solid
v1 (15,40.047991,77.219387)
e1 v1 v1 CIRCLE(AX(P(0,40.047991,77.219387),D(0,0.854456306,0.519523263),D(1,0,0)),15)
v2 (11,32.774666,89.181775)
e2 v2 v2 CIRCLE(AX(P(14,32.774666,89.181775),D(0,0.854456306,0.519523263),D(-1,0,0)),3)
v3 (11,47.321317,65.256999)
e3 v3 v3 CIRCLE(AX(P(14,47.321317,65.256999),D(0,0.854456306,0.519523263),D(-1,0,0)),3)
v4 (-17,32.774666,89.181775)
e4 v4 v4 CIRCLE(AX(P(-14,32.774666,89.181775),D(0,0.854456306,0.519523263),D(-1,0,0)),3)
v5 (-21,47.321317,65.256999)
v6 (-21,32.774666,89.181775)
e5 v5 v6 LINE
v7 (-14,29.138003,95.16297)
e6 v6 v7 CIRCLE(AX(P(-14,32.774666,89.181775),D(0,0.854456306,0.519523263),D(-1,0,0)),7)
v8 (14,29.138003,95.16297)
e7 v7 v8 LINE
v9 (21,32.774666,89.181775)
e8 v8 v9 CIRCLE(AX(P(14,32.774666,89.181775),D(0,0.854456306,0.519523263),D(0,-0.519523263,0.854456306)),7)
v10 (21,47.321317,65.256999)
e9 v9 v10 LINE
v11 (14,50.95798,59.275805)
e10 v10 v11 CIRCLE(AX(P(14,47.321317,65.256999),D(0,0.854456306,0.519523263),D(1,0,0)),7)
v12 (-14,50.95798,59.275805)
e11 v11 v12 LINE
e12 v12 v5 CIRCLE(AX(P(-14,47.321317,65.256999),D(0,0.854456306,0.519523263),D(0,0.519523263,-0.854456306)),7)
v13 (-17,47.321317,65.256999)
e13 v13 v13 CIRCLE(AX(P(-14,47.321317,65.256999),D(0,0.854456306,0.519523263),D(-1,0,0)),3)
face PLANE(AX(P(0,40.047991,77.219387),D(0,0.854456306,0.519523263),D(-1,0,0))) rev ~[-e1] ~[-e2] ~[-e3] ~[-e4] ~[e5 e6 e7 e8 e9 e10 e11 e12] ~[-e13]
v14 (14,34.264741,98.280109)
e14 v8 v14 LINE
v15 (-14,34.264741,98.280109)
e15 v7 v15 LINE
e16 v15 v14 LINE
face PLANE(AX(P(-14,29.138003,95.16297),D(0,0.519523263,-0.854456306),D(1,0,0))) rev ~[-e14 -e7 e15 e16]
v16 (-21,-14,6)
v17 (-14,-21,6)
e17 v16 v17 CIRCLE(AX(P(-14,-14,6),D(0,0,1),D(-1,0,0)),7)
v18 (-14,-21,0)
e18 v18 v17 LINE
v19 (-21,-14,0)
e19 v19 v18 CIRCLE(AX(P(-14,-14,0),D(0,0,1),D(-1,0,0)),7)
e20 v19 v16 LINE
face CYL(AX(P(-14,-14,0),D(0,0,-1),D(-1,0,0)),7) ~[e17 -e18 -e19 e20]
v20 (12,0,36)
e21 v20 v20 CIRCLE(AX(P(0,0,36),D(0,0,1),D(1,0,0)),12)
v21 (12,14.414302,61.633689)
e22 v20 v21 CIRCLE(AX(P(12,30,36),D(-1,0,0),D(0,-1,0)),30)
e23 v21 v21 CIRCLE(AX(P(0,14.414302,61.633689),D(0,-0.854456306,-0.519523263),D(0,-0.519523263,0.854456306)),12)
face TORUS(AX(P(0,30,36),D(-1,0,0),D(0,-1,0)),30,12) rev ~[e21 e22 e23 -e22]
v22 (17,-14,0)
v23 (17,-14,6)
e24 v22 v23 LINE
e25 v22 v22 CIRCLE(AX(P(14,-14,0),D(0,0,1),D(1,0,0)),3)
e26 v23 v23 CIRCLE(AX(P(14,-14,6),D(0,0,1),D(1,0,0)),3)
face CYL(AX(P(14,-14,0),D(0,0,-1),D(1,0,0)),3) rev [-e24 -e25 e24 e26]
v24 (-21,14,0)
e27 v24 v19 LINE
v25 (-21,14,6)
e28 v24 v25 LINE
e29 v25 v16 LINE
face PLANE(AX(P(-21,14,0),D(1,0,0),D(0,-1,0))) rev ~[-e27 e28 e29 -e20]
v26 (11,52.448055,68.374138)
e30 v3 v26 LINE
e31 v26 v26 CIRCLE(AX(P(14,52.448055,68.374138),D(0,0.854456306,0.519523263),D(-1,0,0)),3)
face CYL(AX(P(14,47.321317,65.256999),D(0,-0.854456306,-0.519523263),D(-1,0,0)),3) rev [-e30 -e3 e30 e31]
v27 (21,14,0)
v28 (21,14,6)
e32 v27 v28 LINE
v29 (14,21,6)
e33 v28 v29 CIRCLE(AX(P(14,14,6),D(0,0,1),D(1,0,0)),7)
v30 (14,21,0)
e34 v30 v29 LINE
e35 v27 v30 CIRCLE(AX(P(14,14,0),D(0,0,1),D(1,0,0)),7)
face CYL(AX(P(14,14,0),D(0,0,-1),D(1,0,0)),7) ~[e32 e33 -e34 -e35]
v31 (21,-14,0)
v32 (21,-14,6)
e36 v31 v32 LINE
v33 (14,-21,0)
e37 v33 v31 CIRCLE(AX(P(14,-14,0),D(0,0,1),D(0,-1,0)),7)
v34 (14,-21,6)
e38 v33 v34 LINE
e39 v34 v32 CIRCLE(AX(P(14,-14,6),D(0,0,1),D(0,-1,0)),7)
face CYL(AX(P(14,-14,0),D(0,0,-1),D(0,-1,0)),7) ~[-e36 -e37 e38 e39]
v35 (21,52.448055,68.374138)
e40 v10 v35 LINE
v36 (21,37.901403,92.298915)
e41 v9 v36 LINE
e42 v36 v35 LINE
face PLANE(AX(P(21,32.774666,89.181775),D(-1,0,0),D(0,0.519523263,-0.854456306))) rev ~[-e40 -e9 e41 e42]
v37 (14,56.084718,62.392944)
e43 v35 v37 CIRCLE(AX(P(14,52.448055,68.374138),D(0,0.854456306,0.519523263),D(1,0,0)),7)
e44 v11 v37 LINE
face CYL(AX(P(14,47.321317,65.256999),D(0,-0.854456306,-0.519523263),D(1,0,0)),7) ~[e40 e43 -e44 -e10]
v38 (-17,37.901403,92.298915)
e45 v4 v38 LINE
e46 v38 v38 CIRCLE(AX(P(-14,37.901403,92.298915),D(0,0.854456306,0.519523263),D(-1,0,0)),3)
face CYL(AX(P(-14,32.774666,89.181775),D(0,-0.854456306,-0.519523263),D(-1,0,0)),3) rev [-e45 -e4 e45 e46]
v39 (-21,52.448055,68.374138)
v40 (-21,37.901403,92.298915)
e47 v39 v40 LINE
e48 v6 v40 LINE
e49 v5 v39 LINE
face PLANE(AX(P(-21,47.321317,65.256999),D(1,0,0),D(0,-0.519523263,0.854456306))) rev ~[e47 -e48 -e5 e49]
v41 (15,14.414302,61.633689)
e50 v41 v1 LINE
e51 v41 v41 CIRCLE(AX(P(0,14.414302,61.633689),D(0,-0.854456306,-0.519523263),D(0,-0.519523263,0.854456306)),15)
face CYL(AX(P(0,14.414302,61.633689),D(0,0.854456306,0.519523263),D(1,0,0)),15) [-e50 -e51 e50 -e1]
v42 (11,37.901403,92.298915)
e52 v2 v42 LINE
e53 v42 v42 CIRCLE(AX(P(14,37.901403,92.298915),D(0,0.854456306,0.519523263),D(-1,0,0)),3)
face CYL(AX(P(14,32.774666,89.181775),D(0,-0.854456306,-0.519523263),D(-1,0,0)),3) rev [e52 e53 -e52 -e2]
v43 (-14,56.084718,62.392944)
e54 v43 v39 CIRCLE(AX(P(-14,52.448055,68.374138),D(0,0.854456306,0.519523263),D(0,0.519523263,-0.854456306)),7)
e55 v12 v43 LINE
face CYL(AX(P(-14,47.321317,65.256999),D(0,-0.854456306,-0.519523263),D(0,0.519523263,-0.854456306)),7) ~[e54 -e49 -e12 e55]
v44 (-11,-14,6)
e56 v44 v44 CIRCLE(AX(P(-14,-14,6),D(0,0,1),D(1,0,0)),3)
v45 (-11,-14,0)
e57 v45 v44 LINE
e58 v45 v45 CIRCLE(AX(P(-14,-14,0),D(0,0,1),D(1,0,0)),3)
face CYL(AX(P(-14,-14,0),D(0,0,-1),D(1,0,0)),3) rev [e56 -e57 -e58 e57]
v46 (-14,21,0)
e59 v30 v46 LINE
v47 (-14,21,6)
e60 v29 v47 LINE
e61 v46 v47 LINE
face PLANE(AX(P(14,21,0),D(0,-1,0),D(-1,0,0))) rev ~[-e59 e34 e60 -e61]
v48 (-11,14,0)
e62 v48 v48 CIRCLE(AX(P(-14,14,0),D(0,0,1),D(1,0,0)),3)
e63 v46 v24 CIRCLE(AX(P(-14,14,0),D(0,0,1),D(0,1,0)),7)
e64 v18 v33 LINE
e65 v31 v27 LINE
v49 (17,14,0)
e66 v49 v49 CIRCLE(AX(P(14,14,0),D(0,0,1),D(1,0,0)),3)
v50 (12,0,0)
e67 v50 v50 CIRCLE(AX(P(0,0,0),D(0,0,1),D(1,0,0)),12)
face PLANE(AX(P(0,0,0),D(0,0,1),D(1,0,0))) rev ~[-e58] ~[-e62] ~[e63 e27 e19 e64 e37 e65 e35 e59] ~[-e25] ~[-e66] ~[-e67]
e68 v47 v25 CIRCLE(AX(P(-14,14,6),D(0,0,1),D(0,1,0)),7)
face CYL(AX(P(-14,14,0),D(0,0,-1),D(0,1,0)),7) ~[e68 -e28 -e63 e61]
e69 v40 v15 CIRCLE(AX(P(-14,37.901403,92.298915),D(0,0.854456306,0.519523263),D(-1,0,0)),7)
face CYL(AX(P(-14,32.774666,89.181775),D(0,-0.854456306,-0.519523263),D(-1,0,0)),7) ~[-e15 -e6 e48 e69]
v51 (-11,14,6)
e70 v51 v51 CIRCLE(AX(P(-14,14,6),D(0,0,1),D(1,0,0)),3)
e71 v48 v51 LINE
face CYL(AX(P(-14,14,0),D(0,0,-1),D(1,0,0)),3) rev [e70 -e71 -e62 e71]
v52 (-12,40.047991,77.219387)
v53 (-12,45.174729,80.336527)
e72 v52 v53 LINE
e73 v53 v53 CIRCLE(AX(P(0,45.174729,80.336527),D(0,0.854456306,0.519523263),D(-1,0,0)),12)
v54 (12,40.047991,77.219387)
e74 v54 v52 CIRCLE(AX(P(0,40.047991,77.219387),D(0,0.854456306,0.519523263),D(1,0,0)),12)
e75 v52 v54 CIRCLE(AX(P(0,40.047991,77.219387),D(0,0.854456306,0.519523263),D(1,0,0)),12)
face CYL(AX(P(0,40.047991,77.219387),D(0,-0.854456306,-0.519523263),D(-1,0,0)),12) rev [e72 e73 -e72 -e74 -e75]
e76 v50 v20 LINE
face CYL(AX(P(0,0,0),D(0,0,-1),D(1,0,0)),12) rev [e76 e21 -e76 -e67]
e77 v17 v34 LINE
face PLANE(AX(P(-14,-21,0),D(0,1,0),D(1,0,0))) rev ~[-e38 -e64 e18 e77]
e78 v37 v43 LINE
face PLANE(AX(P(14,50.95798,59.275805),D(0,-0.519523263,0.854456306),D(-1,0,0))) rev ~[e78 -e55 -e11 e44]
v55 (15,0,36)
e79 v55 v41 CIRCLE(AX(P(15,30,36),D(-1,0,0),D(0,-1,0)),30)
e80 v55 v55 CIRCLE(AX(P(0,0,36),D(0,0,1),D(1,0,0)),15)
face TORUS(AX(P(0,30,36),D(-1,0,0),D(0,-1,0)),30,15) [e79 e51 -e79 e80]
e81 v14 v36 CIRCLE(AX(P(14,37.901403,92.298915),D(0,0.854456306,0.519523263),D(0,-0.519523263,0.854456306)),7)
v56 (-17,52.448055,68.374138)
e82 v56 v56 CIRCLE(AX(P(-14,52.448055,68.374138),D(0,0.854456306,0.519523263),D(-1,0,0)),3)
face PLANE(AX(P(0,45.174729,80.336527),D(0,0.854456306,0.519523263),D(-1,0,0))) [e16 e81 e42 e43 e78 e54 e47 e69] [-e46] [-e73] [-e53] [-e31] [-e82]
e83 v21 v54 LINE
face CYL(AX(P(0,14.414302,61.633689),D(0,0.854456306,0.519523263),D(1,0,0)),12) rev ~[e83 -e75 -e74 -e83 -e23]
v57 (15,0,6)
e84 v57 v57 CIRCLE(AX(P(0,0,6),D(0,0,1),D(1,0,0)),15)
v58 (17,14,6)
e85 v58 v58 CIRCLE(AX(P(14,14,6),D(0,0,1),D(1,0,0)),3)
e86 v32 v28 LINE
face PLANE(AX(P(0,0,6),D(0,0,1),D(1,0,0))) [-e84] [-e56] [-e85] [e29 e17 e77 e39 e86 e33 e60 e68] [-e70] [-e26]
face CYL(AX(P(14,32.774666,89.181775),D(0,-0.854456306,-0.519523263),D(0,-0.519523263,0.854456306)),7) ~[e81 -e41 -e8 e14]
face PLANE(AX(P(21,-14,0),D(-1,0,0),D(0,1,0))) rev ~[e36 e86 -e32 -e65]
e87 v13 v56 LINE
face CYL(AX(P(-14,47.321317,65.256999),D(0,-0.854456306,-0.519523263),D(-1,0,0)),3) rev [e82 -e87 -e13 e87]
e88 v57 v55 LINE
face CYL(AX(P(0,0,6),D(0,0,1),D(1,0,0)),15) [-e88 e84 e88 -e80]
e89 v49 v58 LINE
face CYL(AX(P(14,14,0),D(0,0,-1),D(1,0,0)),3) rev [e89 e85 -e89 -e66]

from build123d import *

# Parameters (mm, degrees)
F0_R     = 3
F0_R_2   = 12
F1_DEPTH = 6
F2_R     = 15
F2_R_2   = 12
F5_R     = 3
F5_R_2   = 12
F6_DEPTH = 6


with BuildPart() as f1:
    # F0 (on Top) → F1 (new body)
    with BuildSketch(Plane.XY):
        with BuildLine():
            Line((-14, -21), (14, -21))
            ThreePointArc((14, -21), (18.9497474683, -18.9497474683), (21, -14))
            Line((21, -14), (21, 14))
            ThreePointArc((21, 14), (18.9497474683, 18.9497474683), (14, 21))
            Line((14, 21), (-14, 21))
            ThreePointArc((-14, 21), (-18.9497474683, 18.9497474683), (-21, 14))
            Line((-21, 14), (-21, -14))
            ThreePointArc((-21, -14), (-18.9497474683, -18.9497474683), (-14, -21))
        make_face()
        with Locations((-14, -14)):
            Circle(F0_R, mode=Mode.SUBTRACT)
        with Locations((14, -14)):
            Circle(F0_R, mode=Mode.SUBTRACT)
        with Locations((-14, 14)):
            Circle(F0_R, mode=Mode.SUBTRACT)
        Circle(F0_R_2, mode=Mode.SUBTRACT)
        with Locations((14, 14)):
            Circle(F0_R, mode=Mode.SUBTRACT)
    extrude(amount=F1_DEPTH)

    # F4: sweep along a path in F3
    with BuildLine(Plane.YZ) as f4_path:
        Line((0, 6), (0, 36))
        ThreePointArc((0, 36), (3.8507080753, 50.7042351666), (14.4143021224, 61.6336891935))
        Line((14.4143021224, 61.6336891935), (40.0479913159, 77.2193870711))
    # F2 (on face) → F4 (sweep)
    with BuildSketch(Plane.XY.offset(6)):
        Circle(F2_R)
        Circle(F2_R_2, mode=Mode.SUBTRACT)
    sweep(path=f4_path.line)

    # F5 (on face) → F6 (join)
    with BuildSketch(Plane(origin=(0, 63.5173139927, 38.6195548528), x_dir=(-1, 0, 0), z_dir=(0, 0.8544563064, 0.5195232626))):
        with BuildLine():
            Line((-14, 24.1747291546), (14, 24.1747291546))
            ThreePointArc((14, 24.1747291546), (18.9497474683, 26.2249816863), (21, 31.1747291546))
            Line((21, 31.1747291546), (21, 59.1747291546))
            ThreePointArc((21, 59.1747291546), (18.9497474683, 64.1244766229), (14, 66.1747291546))
            Line((14, 66.1747291546), (-14, 66.1747291546))
            ThreePointArc((-14, 66.1747291546), (-18.9497474683, 64.1244766229), (-21, 59.1747291546))
            Line((-21, 59.1747291546), (-21, 31.1747291546))
            ThreePointArc((-21, 31.1747291546), (-18.9497474683, 26.2249816863), (-14, 24.1747291546))
        make_face()
        with Locations((-14, 31.1747291546)):
            Circle(F5_R, mode=Mode.SUBTRACT)
        with Locations((14, 31.1747291546)):
            Circle(F5_R, mode=Mode.SUBTRACT)
        with Locations((0, 45.1747291546)):
            Circle(F5_R_2, mode=Mode.SUBTRACT)
        with Locations((-14, 59.1747291546)):
            Circle(F5_R, mode=Mode.SUBTRACT)
        with Locations((14, 59.1747291546)):
            Circle(F5_R, mode=Mode.SUBTRACT)
    extrude(amount=F6_DEPTH)


solid = f1.part
